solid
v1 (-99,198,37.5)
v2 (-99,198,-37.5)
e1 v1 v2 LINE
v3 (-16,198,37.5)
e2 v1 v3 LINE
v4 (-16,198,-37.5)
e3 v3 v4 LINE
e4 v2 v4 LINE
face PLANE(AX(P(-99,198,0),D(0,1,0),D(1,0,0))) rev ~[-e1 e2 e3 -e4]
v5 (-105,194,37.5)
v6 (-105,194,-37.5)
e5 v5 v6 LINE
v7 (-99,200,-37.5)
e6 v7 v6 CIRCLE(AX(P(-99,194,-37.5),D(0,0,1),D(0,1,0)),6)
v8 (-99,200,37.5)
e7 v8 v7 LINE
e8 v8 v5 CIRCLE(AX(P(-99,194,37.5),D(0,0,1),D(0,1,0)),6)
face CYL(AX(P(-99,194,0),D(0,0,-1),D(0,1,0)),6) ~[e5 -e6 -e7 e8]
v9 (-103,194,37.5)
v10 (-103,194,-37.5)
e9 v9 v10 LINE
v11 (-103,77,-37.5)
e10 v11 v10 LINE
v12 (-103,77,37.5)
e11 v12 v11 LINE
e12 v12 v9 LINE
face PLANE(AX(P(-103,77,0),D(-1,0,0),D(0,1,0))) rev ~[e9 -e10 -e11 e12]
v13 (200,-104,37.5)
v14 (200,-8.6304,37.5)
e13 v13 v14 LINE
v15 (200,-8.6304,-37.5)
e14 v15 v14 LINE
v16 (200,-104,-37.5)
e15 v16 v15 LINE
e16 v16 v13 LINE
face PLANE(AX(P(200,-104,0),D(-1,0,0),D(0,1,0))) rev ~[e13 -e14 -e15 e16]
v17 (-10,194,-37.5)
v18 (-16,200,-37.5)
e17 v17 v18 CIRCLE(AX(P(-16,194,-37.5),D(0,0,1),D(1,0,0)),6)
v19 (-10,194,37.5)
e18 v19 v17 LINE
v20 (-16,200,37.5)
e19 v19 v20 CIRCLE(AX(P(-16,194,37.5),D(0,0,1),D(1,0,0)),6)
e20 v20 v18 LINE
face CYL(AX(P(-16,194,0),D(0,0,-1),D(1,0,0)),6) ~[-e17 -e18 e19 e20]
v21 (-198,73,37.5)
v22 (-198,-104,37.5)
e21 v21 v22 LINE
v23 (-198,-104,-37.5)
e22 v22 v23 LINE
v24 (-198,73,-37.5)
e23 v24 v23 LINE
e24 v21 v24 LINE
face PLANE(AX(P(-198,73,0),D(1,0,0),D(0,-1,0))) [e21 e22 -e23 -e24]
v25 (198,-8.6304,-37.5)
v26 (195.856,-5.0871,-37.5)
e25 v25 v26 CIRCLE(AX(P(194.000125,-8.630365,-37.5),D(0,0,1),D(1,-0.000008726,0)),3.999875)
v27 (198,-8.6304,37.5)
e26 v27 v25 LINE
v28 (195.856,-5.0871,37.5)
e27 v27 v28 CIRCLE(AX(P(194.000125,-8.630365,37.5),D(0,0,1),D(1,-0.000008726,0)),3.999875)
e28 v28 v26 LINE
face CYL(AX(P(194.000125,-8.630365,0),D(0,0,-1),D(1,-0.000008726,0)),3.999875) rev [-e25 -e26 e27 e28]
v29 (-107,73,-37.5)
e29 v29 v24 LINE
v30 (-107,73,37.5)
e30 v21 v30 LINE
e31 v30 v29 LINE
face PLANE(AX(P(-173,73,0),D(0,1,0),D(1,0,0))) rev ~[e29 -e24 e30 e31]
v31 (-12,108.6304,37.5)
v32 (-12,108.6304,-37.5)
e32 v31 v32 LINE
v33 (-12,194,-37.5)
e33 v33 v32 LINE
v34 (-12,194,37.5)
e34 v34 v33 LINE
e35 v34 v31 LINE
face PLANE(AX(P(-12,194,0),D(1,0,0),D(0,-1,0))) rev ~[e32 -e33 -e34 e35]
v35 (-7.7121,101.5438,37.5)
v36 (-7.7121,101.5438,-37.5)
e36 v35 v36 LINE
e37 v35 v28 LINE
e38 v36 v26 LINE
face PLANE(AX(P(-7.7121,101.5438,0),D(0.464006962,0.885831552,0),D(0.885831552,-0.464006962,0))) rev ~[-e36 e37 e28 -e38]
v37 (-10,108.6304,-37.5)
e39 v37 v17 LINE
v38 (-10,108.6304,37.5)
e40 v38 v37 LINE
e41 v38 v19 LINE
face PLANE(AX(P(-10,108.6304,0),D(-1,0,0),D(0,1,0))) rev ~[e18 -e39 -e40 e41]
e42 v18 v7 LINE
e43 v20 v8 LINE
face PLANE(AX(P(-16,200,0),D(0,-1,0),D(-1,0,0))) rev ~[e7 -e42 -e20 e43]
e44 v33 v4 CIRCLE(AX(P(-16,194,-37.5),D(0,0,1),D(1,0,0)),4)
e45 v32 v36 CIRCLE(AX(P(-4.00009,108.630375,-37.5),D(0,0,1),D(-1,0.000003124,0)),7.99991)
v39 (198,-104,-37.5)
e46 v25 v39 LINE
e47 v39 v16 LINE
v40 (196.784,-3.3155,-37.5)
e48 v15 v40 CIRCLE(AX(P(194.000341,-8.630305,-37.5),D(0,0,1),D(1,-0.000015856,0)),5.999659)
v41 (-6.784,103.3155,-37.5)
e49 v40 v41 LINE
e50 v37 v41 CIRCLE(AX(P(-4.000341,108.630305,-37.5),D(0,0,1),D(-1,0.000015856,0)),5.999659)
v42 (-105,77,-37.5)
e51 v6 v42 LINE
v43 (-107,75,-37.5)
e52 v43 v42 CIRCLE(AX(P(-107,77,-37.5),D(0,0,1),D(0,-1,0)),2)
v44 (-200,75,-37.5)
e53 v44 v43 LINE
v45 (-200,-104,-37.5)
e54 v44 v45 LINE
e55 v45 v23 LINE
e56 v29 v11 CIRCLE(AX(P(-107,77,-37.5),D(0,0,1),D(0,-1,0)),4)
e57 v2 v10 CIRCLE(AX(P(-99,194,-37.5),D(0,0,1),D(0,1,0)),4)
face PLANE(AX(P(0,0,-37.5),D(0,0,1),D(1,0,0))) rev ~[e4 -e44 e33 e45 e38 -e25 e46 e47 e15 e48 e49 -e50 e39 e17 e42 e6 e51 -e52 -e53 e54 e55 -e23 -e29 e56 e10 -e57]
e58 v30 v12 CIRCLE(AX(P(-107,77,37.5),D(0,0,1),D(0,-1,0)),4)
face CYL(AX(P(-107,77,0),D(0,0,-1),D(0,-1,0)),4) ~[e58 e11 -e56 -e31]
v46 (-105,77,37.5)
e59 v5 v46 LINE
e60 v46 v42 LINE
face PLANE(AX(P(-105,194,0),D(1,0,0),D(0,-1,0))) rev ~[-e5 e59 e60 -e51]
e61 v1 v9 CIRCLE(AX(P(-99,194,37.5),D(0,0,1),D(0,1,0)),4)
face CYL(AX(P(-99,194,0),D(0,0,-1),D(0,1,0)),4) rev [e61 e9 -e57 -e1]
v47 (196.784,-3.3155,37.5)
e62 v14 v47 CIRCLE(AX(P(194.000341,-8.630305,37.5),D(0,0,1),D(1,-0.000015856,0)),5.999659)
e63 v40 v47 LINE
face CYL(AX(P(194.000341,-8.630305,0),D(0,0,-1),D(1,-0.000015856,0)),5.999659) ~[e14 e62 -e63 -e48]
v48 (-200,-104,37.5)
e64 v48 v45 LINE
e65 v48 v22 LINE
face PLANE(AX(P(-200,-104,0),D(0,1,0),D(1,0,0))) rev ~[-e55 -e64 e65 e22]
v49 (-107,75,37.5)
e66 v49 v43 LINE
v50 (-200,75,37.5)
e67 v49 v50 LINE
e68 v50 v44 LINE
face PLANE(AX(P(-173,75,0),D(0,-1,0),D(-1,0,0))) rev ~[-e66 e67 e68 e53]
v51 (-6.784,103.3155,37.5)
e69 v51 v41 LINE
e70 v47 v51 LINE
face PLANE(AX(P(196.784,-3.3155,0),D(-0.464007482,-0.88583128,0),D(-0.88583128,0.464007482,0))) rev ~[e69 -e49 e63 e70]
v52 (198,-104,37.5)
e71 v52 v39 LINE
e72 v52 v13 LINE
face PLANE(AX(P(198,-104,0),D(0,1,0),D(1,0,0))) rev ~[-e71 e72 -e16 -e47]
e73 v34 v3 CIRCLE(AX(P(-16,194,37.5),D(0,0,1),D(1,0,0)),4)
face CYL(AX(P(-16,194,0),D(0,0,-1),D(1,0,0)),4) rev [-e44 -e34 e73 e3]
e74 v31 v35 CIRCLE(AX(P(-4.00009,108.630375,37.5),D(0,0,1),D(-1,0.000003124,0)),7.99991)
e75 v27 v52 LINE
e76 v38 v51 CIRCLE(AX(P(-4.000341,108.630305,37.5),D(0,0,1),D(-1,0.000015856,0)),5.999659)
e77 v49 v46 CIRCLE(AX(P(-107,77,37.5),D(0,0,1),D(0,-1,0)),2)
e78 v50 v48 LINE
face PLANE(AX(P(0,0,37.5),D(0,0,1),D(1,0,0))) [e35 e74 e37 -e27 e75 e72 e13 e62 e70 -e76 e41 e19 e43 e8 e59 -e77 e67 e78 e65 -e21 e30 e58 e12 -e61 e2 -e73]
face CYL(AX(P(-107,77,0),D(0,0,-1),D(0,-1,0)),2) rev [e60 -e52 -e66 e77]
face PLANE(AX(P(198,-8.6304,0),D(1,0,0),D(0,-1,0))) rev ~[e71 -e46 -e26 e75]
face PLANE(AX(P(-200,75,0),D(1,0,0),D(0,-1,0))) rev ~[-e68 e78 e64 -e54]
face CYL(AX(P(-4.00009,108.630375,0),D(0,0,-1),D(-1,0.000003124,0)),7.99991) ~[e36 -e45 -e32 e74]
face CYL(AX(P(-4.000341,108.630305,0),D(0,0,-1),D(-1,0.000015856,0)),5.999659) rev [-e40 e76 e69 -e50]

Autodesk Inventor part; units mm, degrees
ref_plane "YZ Plane" through (0, 0, 0) normal (1, 0, 0) x (0, 1, 0)
ref_plane "XZ Plane" through (0, 0, 0) normal (0, 1, 0) x (-1, 0, 0)
ref_plane "XY Plane" through (0, 0, 0) normal (0, 0, 1) x (1, 0, 0)
sketch "Boceto1" plane through (0, 0, 0) normal (0, 0, 1) x (1, 0, 0)
  line L0 (200, -104) -> (200, -8.6304)
  arc A0 (200, -8.6304) -> (196.784, -3.3155) centre (194, -8.6304) ccw
  line L1 (196.784, -3.3155) -> (-6.784, 103.3155)
  arc A1 (-10, 108.6304) -> (-6.784, 103.3155) centre (-4, 108.6304) ccw
  line L2 (-10, 108.6304) -> (-10, 194)
  arc A2 (-10, 194) -> (-16, 200) centre (-16, 194) ccw
  line L3 (-16, 200) -> (-99, 200)
  arc A3 (-99, 200) -> (-105, 194) centre (-99, 194) ccw
  line L4 (-105, 194) -> (-105, 77)
  arc A4 (-107, 75) -> (-105, 77) centre (-107, 77) ccw
  line L5 (-107, 75) -> (-173, 75)
  arc A5 (-175, 123) -> (-177, 125) centre (-177, 123) ccw
  line L6 (-200, 75) -> (-200, -104)
  line L7 (-173, 75) -> (-200, 75)
  line L8 (-198, 73) -> (-173, 73)
  line L9 (-173, 73) -> (-107, 73)
  arc A6 (-107, 73) -> (-103, 77) centre (-107, 77) ccw
  line L10 (-103, 77) -> (-103, 194)
  arc A7 (-99, 198) -> (-103, 194) centre (-99, 194) ccw
  line L11 (-99, 198) -> (-16, 198)
  arc A8 (-12, 194) -> (-16, 198) centre (-16, 194) ccw
  line L12 (-12, 194) -> (-12, 108.6304)
  arc A9 (-12, 108.6304) -> (-7.7121, 101.5438) centre (-4, 108.6304) ccw
  line L13 (-7.7121, 101.5438) -> (195.856, -5.0871)
  arc A10 (198, -8.6304) -> (195.856, -5.0871) centre (194, -8.6304) ccw
  line L14 (198, -8.6304) -> (198, -104)
  line L15 (-198, 73) -> (-198, -104)
  line L16 (-200, -104) -> (-198, -104)
  line L17 (198, -104) -> (200, -104)
  point P0 (0, 0)
  dimension "d3" = 2
  dimension "d4" = 2
extrude "Extrusión1" add sketch "Boceto1" along normal mid plane 75
properties part number "INTERNAL FRAME" material "Acero, carbono"
